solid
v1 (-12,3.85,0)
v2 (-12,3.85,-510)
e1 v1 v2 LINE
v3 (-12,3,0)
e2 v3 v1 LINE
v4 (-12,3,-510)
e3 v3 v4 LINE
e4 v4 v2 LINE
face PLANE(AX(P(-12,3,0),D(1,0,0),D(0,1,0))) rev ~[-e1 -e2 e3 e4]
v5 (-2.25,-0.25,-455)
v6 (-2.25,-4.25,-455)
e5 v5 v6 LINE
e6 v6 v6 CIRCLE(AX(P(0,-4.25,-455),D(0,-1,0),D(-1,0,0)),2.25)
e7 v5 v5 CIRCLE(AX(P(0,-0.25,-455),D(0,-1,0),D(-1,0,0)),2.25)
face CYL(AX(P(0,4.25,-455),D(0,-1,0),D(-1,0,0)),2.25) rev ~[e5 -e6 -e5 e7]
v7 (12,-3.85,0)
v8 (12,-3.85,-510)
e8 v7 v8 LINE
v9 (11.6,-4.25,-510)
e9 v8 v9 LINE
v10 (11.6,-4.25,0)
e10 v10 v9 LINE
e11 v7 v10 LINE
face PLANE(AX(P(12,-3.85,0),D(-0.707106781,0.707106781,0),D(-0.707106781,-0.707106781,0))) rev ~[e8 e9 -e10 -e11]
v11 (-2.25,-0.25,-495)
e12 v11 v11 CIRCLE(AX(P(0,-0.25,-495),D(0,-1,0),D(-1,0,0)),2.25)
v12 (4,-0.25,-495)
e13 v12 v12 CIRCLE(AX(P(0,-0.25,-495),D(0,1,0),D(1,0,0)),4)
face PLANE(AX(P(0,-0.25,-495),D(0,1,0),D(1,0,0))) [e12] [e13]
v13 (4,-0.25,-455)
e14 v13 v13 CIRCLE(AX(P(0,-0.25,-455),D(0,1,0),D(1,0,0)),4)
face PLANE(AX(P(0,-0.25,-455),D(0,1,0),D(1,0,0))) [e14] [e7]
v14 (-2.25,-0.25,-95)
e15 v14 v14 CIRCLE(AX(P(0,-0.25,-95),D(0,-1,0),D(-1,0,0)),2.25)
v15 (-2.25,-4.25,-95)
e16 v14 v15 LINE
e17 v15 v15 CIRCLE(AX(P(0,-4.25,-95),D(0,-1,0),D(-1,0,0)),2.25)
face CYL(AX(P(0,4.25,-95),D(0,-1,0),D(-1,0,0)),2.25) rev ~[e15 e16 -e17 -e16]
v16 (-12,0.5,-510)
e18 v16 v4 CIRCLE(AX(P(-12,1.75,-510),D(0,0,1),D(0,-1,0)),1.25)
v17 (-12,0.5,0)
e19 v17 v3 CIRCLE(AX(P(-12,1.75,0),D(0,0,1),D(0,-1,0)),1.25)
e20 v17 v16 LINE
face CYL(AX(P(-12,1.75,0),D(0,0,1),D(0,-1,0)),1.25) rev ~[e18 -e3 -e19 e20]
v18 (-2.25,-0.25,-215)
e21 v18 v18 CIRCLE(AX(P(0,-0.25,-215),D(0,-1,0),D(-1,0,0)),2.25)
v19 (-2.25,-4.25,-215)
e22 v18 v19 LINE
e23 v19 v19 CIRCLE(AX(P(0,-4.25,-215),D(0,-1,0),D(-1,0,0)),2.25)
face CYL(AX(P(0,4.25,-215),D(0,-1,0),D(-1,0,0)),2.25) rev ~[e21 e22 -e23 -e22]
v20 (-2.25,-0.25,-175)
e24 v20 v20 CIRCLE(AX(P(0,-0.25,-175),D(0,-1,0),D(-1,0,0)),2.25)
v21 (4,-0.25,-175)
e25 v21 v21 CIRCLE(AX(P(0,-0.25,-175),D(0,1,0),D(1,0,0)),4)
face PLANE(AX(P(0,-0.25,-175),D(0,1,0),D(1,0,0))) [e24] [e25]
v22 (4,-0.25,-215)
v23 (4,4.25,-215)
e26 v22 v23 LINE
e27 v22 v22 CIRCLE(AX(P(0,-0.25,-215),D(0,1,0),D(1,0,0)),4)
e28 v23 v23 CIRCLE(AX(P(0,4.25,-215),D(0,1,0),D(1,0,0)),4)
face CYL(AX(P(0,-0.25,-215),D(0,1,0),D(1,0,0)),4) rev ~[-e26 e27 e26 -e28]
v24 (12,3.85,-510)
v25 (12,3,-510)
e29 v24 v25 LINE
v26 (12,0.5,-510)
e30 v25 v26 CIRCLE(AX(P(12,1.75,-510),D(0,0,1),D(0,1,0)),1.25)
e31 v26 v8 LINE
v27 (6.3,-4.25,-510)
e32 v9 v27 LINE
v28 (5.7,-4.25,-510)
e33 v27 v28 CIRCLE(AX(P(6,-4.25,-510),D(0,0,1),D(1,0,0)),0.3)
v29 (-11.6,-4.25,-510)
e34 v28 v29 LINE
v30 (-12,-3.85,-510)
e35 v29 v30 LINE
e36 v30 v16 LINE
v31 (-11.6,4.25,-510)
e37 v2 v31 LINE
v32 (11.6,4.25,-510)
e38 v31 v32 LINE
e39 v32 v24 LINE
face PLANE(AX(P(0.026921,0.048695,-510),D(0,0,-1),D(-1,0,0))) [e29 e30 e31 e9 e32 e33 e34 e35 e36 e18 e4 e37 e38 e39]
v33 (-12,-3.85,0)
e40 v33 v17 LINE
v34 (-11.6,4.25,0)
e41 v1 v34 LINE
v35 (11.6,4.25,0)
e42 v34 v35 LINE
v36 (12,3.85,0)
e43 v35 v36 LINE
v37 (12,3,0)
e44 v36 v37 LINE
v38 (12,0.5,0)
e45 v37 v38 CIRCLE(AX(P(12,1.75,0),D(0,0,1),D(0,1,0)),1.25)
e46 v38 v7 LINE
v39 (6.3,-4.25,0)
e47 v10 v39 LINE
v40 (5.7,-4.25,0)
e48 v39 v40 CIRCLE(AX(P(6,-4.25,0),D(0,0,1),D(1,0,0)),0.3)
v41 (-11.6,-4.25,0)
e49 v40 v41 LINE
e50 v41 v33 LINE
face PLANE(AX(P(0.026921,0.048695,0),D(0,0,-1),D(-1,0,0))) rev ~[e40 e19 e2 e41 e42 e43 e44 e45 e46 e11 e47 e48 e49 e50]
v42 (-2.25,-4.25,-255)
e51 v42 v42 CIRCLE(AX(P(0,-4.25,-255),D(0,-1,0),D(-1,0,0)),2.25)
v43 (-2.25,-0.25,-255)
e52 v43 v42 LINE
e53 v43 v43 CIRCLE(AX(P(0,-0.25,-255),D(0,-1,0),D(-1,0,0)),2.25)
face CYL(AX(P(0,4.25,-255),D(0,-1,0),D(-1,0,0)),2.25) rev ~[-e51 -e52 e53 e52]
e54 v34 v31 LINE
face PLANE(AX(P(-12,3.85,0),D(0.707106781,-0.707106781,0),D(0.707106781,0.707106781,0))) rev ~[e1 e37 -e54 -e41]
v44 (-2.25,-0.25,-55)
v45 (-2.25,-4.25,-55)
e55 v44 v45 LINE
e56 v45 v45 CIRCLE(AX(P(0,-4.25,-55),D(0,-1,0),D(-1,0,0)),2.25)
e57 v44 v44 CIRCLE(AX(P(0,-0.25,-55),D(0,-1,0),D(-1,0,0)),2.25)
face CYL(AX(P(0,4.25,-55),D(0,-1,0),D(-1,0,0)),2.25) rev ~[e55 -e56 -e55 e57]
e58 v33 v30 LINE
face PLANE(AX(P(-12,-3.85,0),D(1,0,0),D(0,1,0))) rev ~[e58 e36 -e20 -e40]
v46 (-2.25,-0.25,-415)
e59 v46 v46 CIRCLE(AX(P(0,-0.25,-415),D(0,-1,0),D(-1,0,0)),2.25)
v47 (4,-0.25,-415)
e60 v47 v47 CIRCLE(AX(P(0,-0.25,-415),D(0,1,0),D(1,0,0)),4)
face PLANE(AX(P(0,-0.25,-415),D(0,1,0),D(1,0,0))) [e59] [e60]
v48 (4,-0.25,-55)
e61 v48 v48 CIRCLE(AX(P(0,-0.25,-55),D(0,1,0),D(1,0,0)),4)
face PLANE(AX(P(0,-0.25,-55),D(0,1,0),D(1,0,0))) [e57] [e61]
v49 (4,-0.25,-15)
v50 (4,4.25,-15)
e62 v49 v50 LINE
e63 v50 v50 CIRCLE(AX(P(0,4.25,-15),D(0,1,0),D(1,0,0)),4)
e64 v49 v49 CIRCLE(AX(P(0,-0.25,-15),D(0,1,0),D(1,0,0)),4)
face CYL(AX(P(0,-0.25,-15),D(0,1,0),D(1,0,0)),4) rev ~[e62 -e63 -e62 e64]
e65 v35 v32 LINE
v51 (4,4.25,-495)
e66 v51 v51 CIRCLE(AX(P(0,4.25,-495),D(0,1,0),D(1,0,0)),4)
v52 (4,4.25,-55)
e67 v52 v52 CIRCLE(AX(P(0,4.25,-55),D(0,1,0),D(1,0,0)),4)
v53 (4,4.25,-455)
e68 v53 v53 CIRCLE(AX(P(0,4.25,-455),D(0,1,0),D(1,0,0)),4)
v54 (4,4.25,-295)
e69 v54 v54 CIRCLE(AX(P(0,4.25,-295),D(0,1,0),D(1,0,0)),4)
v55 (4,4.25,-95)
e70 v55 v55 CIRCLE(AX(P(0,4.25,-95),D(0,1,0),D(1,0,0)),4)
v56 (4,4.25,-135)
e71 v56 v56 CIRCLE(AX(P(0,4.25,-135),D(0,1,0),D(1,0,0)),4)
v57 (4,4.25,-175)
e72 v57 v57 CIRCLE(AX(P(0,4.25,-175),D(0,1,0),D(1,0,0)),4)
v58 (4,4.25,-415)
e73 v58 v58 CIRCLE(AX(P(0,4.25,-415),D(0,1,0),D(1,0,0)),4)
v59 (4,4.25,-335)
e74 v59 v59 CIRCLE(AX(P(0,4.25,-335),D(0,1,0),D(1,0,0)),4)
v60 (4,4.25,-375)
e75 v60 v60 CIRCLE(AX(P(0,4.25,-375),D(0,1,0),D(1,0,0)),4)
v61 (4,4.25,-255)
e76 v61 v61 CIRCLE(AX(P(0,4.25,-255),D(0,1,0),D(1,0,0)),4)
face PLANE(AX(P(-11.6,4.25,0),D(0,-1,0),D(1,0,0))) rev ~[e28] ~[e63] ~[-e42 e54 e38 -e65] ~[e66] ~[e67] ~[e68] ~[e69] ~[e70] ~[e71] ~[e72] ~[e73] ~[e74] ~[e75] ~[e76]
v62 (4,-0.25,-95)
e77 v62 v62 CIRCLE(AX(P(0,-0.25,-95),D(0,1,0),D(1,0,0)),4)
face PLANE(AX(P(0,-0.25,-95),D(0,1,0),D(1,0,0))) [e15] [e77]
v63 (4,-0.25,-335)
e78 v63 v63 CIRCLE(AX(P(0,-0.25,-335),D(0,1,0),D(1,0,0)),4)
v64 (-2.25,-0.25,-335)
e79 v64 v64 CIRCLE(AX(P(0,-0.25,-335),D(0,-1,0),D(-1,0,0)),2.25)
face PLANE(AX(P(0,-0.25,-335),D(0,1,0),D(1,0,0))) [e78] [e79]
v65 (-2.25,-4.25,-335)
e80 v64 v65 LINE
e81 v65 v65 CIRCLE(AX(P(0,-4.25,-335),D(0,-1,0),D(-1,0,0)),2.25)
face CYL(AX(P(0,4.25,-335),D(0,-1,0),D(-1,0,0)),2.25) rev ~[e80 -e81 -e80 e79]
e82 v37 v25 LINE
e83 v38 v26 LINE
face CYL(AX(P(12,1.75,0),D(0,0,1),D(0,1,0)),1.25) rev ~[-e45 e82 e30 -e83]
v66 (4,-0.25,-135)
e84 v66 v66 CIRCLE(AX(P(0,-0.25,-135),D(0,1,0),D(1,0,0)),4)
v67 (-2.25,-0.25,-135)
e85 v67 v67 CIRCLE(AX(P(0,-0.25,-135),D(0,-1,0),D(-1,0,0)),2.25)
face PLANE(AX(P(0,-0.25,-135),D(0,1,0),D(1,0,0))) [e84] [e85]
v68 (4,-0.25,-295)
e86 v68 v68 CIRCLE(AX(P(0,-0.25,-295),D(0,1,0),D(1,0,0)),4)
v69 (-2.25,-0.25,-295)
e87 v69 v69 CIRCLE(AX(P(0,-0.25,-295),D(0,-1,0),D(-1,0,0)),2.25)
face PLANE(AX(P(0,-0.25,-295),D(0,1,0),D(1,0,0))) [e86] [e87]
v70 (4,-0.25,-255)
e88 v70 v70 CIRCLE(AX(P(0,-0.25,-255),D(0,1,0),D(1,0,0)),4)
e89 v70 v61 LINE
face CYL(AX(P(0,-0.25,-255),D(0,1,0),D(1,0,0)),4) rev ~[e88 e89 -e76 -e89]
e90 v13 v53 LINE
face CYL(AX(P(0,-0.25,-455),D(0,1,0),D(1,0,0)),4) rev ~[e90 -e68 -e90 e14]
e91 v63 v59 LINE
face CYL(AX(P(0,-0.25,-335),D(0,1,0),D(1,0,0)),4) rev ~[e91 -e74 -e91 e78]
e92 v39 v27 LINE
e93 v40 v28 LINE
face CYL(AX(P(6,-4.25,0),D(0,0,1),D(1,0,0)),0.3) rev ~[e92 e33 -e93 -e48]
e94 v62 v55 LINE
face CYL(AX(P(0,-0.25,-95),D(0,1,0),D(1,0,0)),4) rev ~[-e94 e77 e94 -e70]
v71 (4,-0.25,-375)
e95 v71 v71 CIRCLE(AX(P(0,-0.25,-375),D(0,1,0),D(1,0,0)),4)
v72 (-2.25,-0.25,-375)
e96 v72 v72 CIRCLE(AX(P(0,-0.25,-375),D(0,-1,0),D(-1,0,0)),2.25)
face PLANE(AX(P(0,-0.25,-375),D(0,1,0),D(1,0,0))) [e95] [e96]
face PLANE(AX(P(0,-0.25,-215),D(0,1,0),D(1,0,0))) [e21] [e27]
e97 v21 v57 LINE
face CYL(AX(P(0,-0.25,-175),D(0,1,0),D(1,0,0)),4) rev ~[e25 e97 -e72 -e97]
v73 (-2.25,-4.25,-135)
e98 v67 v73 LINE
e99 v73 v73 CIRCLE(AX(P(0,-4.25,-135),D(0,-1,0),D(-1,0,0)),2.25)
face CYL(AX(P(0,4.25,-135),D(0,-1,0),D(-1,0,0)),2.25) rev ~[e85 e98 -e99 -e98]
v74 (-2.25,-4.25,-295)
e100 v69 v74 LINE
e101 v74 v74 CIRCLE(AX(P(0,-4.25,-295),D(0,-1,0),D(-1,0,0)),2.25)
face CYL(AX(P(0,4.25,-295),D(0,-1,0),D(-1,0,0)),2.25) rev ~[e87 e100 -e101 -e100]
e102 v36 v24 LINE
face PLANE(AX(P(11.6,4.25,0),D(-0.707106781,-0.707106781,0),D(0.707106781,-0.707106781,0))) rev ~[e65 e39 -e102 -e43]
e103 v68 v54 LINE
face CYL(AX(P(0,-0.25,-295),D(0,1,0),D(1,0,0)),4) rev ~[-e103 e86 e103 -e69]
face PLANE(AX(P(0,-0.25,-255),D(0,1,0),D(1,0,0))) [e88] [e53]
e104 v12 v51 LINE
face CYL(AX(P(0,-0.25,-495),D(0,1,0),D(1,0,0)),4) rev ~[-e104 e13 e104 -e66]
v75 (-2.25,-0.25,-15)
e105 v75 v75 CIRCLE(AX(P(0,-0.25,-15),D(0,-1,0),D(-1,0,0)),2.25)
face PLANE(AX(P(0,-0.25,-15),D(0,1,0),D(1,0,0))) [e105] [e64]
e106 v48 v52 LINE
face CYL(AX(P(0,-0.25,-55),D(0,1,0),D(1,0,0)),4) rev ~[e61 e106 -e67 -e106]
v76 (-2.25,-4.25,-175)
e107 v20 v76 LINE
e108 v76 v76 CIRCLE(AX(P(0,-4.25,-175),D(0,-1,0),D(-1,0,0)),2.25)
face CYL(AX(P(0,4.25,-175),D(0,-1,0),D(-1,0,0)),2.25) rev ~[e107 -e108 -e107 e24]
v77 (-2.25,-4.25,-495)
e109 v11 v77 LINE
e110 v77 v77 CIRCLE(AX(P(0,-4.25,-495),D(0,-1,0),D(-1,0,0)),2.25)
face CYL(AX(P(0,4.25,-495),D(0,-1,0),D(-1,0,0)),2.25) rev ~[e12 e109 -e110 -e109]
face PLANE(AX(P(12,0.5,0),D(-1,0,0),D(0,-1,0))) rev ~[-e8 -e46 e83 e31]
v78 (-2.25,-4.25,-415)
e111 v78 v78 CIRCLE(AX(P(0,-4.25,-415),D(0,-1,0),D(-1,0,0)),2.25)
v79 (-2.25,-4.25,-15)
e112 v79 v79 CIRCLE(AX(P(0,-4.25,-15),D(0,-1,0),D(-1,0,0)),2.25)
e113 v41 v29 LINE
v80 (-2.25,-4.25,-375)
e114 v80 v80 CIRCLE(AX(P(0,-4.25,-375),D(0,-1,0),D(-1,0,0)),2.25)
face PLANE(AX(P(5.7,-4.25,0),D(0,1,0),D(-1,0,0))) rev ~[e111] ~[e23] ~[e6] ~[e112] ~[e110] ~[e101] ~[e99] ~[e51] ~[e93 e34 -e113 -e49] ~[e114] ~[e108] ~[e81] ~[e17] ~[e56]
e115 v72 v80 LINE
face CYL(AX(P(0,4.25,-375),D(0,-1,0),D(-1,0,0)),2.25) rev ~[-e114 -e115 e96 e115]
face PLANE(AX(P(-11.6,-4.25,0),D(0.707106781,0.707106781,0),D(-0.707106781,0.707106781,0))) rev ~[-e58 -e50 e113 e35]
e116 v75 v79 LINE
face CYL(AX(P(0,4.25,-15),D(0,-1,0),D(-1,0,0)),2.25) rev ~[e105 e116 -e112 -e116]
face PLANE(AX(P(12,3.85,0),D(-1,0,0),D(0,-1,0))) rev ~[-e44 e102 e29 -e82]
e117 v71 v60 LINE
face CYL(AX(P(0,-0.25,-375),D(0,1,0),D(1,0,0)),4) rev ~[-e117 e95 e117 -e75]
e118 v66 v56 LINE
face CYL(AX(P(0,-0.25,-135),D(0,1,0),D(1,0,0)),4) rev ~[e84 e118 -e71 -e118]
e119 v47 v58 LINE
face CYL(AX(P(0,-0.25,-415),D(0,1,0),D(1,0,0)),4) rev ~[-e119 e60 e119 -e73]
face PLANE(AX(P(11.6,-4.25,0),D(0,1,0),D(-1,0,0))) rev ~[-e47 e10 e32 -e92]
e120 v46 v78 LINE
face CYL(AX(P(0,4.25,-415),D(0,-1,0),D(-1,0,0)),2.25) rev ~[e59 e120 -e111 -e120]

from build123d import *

# Parameters (mm, degrees)
EXTRUDE_1_DEPTH           = 510
HOLE_WIZARD_1_D           = 4.5
HOLE_WIZARD_1_CBORE_D     = 8
HOLE_WIZARD_1_CBORE_DEPTH = 4.5
PATTERN_LINEAR_1_COUNT    = 13
PATTERN_LINEAR_1_PITCH    = 40


with BuildPart() as part:
    # 草图1 → 凸台-拉伸1 (new body)
    with BuildSketch(Plane.XY):
        with BuildLine():
            Line((-12, 3), (-12, 3.85))
            Line((-12, 3.85), (-11.6, 4.25))
            Line((-11.6, 4.25), (11.6, 4.25))
            Line((11.6, 4.25), (12, 3.85))
            Line((12, 3.85), (12, 3))
            ThreePointArc((12, 3), (10.75, 1.75), (12, 0.5))
            Line((12, 0.5), (12, -3.85))
            Line((12, -3.85), (11.6, -4.25))
            Line((11.6, -4.25), (6.3, -4.25))
            ThreePointArc((6.3, -4.25), (6, -3.95), (5.7, -4.25))
            Line((5.7, -4.25), (-11.6, -4.25))
            Line((-11.6, -4.25), (-12, -3.85))
            Line((-12, -3.85), (-12, 0.5))
            ThreePointArc((-12, 0.5), (-10.75, 1.75), (-12, 3))
        make_face()
    extrude(amount=-EXTRUDE_1_DEPTH)

    # 打孔尺寸根据内六角圆柱头螺钉的类型1 (through all)
    with Locations(Plane(origin=(0, 4.25, 0), x_dir=(1, 0, 0), z_dir=(0, 1, 0))):
        with Locations((0, 15)):
            hole_wizard_1 = CounterBoreHole(HOLE_WIZARD_1_D / 2, HOLE_WIZARD_1_CBORE_D / 2, HOLE_WIZARD_1_CBORE_DEPTH)

    # 阵列(线性)1: 打孔尺寸根据内六角圆柱头螺钉的类型1 ×13
    with Locations(*[(0, 0, -i * PATTERN_LINEAR_1_PITCH) for i in range(1, PATTERN_LINEAR_1_COUNT)]):
        add(hole_wizard_1, mode=Mode.SUBTRACT)


solid = part.part
